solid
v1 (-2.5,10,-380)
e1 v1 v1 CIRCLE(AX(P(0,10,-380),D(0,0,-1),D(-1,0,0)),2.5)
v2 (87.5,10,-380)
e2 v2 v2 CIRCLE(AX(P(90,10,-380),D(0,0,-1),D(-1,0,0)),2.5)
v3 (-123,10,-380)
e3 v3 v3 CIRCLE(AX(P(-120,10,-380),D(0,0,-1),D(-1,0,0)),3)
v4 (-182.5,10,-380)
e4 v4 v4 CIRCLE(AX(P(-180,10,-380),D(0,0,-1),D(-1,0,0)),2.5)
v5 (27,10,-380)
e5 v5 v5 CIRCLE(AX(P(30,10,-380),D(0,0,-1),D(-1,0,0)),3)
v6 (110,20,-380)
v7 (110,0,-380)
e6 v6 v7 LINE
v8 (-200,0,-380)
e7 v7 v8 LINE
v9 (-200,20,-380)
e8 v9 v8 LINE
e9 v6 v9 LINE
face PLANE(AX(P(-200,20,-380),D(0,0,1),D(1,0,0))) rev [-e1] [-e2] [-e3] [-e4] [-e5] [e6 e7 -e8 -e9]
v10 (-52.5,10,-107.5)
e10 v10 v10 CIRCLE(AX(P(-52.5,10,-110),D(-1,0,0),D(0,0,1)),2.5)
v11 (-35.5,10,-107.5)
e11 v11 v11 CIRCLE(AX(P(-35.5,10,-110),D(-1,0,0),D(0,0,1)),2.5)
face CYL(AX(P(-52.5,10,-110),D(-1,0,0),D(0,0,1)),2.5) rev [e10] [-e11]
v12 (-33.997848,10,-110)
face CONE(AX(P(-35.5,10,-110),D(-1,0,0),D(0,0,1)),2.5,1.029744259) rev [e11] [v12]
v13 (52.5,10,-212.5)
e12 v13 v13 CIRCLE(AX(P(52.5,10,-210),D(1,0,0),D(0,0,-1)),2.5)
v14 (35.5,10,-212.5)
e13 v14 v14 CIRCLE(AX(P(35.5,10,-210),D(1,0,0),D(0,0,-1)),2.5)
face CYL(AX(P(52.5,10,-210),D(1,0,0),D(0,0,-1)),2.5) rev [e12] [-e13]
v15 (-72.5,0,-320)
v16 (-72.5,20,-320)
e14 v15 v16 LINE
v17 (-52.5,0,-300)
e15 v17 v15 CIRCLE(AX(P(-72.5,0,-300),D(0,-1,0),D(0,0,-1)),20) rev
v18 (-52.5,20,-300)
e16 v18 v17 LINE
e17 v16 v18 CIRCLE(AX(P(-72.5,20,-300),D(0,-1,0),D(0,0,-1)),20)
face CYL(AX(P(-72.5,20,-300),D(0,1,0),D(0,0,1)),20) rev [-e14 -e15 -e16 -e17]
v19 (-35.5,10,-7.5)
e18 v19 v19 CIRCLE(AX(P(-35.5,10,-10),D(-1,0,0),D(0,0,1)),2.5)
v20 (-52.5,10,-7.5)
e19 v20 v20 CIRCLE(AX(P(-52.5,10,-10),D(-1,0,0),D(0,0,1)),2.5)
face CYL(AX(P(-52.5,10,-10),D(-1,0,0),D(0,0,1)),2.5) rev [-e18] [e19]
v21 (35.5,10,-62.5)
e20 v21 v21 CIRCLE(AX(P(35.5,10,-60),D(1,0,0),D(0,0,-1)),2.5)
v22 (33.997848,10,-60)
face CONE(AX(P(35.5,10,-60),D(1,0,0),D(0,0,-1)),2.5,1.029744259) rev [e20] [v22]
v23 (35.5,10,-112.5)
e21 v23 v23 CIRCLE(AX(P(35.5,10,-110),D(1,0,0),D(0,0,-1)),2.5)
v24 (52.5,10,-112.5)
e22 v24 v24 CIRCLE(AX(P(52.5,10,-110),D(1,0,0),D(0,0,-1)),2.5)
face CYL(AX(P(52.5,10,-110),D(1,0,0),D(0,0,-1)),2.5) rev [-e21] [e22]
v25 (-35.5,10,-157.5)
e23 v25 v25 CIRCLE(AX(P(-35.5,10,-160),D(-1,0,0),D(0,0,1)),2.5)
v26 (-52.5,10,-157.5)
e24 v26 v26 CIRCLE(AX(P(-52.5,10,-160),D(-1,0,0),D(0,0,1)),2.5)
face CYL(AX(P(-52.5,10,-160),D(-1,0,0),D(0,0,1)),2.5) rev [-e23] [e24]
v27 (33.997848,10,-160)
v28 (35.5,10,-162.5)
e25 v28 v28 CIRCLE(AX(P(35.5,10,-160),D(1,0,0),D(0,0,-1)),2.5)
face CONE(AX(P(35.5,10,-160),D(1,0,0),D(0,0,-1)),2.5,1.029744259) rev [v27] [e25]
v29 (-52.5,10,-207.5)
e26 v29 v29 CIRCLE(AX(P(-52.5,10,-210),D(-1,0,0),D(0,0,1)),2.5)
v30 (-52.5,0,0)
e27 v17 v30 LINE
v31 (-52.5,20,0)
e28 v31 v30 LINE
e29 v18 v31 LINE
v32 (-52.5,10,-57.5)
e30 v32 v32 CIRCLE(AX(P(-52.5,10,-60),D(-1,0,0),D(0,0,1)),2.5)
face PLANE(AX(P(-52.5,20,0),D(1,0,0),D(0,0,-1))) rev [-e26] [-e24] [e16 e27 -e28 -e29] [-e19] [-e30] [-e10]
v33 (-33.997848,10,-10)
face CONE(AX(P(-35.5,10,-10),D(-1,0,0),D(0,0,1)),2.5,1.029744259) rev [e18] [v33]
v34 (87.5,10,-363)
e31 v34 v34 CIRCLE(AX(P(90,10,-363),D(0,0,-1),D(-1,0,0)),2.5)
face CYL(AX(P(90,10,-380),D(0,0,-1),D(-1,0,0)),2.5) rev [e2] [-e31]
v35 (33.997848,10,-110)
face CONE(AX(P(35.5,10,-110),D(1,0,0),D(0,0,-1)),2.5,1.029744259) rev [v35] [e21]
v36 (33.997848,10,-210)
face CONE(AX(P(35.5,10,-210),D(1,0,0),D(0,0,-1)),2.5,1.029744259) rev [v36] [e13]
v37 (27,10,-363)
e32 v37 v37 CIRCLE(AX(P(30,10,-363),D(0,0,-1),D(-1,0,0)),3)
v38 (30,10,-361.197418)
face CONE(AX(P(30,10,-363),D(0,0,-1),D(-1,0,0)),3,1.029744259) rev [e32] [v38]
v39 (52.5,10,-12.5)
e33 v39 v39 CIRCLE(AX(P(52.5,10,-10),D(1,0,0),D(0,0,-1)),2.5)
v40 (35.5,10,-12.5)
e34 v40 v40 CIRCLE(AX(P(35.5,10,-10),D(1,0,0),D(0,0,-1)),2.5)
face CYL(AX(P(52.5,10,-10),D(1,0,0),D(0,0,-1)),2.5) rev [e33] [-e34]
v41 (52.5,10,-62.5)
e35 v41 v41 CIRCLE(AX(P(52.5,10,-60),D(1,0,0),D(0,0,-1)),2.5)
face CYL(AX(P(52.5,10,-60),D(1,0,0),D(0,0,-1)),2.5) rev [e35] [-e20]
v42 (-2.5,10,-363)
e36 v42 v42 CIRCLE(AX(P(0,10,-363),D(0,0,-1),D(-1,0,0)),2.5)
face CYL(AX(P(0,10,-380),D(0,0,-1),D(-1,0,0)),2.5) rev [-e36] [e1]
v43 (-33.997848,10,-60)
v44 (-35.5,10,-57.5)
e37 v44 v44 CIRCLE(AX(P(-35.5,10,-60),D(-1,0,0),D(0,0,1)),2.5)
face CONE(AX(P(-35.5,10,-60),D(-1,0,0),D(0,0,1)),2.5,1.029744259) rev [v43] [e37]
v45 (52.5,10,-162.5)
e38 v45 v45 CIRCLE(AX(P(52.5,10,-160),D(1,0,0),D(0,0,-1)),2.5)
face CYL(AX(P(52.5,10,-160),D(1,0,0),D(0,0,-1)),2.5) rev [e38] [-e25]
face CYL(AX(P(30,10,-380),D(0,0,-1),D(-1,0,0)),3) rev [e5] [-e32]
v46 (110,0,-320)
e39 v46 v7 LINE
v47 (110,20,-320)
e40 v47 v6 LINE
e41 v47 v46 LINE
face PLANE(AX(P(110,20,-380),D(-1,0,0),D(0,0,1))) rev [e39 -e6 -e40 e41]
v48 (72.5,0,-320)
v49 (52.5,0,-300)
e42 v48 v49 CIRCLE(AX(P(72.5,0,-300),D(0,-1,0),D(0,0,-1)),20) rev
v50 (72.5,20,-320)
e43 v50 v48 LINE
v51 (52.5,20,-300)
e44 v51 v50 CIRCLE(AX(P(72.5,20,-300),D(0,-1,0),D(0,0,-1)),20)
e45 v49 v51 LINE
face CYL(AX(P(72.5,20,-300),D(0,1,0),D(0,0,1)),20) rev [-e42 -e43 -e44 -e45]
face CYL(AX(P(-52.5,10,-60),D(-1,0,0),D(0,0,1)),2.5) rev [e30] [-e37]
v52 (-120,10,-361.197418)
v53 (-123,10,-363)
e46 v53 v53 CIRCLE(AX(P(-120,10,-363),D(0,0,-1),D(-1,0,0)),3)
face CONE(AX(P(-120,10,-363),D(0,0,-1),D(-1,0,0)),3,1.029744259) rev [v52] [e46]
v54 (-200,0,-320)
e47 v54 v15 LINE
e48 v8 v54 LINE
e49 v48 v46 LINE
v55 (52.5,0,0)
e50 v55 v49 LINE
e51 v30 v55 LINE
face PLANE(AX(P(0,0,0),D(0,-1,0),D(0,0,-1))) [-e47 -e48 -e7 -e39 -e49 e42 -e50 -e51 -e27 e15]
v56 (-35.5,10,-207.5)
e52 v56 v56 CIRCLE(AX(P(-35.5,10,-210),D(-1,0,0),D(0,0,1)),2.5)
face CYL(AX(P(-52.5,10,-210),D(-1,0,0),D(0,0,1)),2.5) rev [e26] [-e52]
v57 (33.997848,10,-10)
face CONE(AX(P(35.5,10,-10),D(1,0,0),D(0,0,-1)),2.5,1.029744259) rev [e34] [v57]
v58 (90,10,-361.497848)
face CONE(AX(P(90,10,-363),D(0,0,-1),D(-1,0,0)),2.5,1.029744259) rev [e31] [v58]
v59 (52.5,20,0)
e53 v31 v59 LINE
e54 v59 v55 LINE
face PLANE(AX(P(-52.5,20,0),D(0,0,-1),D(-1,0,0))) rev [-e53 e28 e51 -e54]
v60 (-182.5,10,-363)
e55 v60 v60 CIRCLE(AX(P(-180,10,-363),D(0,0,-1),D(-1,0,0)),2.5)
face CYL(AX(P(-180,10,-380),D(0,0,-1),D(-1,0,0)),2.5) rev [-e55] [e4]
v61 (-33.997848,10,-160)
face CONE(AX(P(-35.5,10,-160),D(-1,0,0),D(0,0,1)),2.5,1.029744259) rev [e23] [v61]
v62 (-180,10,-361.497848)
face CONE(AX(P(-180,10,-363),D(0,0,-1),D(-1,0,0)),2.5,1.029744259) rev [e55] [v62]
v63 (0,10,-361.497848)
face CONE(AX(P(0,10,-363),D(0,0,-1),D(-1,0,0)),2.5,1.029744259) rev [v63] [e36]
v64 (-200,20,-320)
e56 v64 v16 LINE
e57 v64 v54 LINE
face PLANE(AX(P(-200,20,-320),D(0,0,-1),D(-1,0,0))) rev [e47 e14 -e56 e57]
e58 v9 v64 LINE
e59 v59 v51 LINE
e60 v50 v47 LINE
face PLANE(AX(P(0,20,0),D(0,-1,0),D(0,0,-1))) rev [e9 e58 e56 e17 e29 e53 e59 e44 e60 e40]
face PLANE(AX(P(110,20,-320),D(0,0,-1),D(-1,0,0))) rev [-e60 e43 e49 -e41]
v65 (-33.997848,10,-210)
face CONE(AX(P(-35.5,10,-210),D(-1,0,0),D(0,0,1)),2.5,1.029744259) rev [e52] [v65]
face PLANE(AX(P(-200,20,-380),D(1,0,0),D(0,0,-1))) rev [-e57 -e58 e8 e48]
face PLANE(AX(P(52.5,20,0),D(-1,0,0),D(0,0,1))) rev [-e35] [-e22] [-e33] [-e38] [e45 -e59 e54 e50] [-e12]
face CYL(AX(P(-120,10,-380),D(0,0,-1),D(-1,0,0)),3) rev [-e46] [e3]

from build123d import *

# Parameters (mm, degrees)
AUFSATZ_LINEAR_AUSTRAGEN1_DEPTH       = 20
M6_GEWINDEBOHRUNG1_AT_2_COUNT         = 2
M6_GEWINDEBOHRUNG1_AT_2_PITCH         = 50
M6_GEWINDEBOHRUNG1_AT_3_COUNT         = 2
M6_GEWINDEBOHRUNG1_AT_3_PITCH         = 100
M6_GEWINDEBOHRUNG1_AT_4_COUNT         = 2
M6_GEWINDEBOHRUNG1_AT_4_PITCH         = 150
M6_GEWINDEBOHRUNG1_AT_5_COUNT         = 2
M6_GEWINDEBOHRUNG1_AT_5_PITCH         = 206.155281281
M6_GEWINDEBOHRUNG1_AT_6_COUNT         = 2
M6_GEWINDEBOHRUNG1_AT_6_PITCH         = 200
M6_GEWINDEBOHRUNG2_D                  = 5
M6_GEWINDEBOHRUNG2_DEPTH              = 17
M6_GEWINDEBOHRUNG2_TIP                = 1.502151548
VERRUNDUNG1_R                         = 20
F_6_0MM_TRANSITIONAL_STIFTLOCH1_D     = 6
F_6_0MM_TRANSITIONAL_STIFTLOCH1_DEPTH = 17
F_6_0MM_TRANSITIONAL_STIFTLOCH1_TIP   = 1.802581857


with BuildPart() as part:
    # Skizze1 → Aufsatz-Linear austragen1 (new body)
    with BuildSketch(Plane(origin=(0, 0, 0), x_dir=(1, 0, 0), z_dir=(0, 1, 0))):
        Polygon((-52.5, 0), (52.5, 0), (52.5, 320), (110, 320), (110, 380), (-200, 380), (-200, 320), (-52.5, 320), align=None)
    extrude(amount=AUFSATZ_LINEAR_AUSTRAGEN1_DEPTH)

    # Skizze4 → M6 Gewindebohrung1 (revolve, cut)
    with BuildSketch(Plane(origin=(52.5, 10, -10), x_dir=(0, 0, -1), z_dir=(0, 1, 0))):
        Polygon((0, 0), (0, 18.502151548), (2.5, 17), (2.5, 0), align=None)
    m6_gewindebohrung1 = revolve(axis=Axis((58.85, 10, -10), (-1, 0, 0)), mode=Mode.SUBTRACT)

    # M6 Gewindebohrung1 at 2: M6 Gewindebohrung1 ×2
    with Locations(*[(0, 0, -i * M6_GEWINDEBOHRUNG1_AT_2_PITCH) for i in range(1, M6_GEWINDEBOHRUNG1_AT_2_COUNT)]):
        add(m6_gewindebohrung1, mode=Mode.SUBTRACT)

    # M6 Gewindebohrung1 at 3: M6 Gewindebohrung1 ×2
    with Locations(*[(0, 0, -i * M6_GEWINDEBOHRUNG1_AT_3_PITCH) for i in range(1, M6_GEWINDEBOHRUNG1_AT_3_COUNT)]):
        add(m6_gewindebohrung1, mode=Mode.SUBTRACT)

    # M6 Gewindebohrung1 at 4: M6 Gewindebohrung1 ×2
    with Locations(*[(0, 0, -i * M6_GEWINDEBOHRUNG1_AT_4_PITCH) for i in range(1, M6_GEWINDEBOHRUNG1_AT_4_COUNT)]):
        add(m6_gewindebohrung1, mode=Mode.SUBTRACT)

    # M6 Gewindebohrung1 at 5: M6 Gewindebohrung1 ×2
    with Locations(*[Vector(0, 0.242535625, -0.9701425) * (i * M6_GEWINDEBOHRUNG1_AT_5_PITCH) for i in range(1, M6_GEWINDEBOHRUNG1_AT_5_COUNT)]):
        add(m6_gewindebohrung1, mode=Mode.SUBTRACT)

    # M6 Gewindebohrung1 at 6: M6 Gewindebohrung1 ×2
    with Locations(*[(0, 0, -i * M6_GEWINDEBOHRUNG1_AT_6_PITCH) for i in range(1, M6_GEWINDEBOHRUNG1_AT_6_COUNT)]):
        add(m6_gewindebohrung1, mode=Mode.SUBTRACT)

    # Spiegeln1: M6 Gewindebohrung1 across plane
    add(m6_gewindebohrung1.mirror(Plane(origin=(0, 0, 0), x_dir=(0, 0, 1), z_dir=(1, 0, 0))), mode=Mode.SUBTRACT)

    # Spiegeln1 copy 1 sketch → Spiegeln1 copy 1 (revolve, cut)
    with BuildSketch(Plane(origin=(-52.5, 10, -60), x_dir=(0, 0, -1), z_dir=(0, 1, 0))):
        Polygon((0, 0), (0, -18.502151548), (2.5, -17), (2.5, 0), align=None)
    revolve(axis=Axis((-58.85, 10, -60), (-1, 0, 0)), mode=Mode.SUBTRACT)

    # Spiegeln1 copy 2 sketch → Spiegeln1 copy 2 (revolve, cut)
    with BuildSketch(Plane(origin=(-52.5, 10, -110), x_dir=(0, 0, -1), z_dir=(0, 1, 0))):
        Polygon((0, 0), (0, -18.502151548), (2.5, -17), (2.5, 0), align=None)
    revolve(axis=Axis((-58.85, 10, -110), (-1, 0, 0)), mode=Mode.SUBTRACT)

    # Spiegeln1 copy 3 sketch → Spiegeln1 copy 3 (revolve, cut)
    with BuildSketch(Plane(origin=(-52.5, 10, -160), x_dir=(0, 0, -1), z_dir=(0, 1, 0))):
        Polygon((0, 0), (0, -18.502151548), (2.5, -17), (2.5, 0), align=None)
    revolve(axis=Axis((-58.85, 10, -160), (-1, 0, 0)), mode=Mode.SUBTRACT)

    # Spiegeln1 copy 4 sketch → Spiegeln1 copy 4 (revolve, cut)
    with BuildSketch(Plane(origin=(-52.5, 60, -210), x_dir=(0, 0, -1), z_dir=(0, 1, 0))):
        Polygon((0, 0), (0, -18.502151548), (2.5, -17), (2.5, 0), align=None)
    revolve(axis=Axis((-58.85, 60, -210), (-1, 0, 0)), mode=Mode.SUBTRACT)

    # Spiegeln1 copy 5 sketch → Spiegeln1 copy 5 (revolve, cut)
    with BuildSketch(Plane(origin=(-52.5, 10, -210), x_dir=(0, 0, -1), z_dir=(0, 1, 0))):
        Polygon((0, 0), (0, -18.502151548), (2.5, -17), (2.5, 0), align=None)
    revolve(axis=Axis((-58.85, 10, -210), (-1, 0, 0)), mode=Mode.SUBTRACT)

    # M6 Gewindebohrung2
    with Locations(Plane(origin=(0, 0, -380), x_dir=(-1, 0, 0), z_dir=(0, 0, -1))):
        with Locations((-90, 10), (180, 10), (0, 10)):
            Hole(M6_GEWINDEBOHRUNG2_D / 2, depth=M6_GEWINDEBOHRUNG2_DEPTH)
            with Locations((0, 0, -(M6_GEWINDEBOHRUNG2_DEPTH + M6_GEWINDEBOHRUNG2_TIP / 2))):  # 118° drill point
                Cone(0, M6_GEWINDEBOHRUNG2_D / 2, M6_GEWINDEBOHRUNG2_TIP, mode=Mode.SUBTRACT)

    # Verrundung1
    verrundung1_edges = [part.edges().sort_by_distance(p)[0] for p in [
        (-52.5, 10, -320),
        (52.5, 10, -320),
    ]]
    fillet(verrundung1_edges, radius=VERRUNDUNG1_R)

    # Ø6.0mm Transitional Stiftloch1
    with Locations(Plane(origin=(0, 0, -380), x_dir=(-1, 0, 0), z_dir=(0, 0, -1))):
        with Locations((120, 10), (-30, 10)):
            Hole(F_6_0MM_TRANSITIONAL_STIFTLOCH1_D / 2, depth=F_6_0MM_TRANSITIONAL_STIFTLOCH1_DEPTH)
            with Locations((0, 0, -(F_6_0MM_TRANSITIONAL_STIFTLOCH1_DEPTH + F_6_0MM_TRANSITIONAL_STIFTLOCH1_TIP / 2))):  # 118° drill point
                Cone(0, F_6_0MM_TRANSITIONAL_STIFTLOCH1_D / 2, F_6_0MM_TRANSITIONAL_STIFTLOCH1_TIP, mode=Mode.SUBTRACT)


solid = part.part
